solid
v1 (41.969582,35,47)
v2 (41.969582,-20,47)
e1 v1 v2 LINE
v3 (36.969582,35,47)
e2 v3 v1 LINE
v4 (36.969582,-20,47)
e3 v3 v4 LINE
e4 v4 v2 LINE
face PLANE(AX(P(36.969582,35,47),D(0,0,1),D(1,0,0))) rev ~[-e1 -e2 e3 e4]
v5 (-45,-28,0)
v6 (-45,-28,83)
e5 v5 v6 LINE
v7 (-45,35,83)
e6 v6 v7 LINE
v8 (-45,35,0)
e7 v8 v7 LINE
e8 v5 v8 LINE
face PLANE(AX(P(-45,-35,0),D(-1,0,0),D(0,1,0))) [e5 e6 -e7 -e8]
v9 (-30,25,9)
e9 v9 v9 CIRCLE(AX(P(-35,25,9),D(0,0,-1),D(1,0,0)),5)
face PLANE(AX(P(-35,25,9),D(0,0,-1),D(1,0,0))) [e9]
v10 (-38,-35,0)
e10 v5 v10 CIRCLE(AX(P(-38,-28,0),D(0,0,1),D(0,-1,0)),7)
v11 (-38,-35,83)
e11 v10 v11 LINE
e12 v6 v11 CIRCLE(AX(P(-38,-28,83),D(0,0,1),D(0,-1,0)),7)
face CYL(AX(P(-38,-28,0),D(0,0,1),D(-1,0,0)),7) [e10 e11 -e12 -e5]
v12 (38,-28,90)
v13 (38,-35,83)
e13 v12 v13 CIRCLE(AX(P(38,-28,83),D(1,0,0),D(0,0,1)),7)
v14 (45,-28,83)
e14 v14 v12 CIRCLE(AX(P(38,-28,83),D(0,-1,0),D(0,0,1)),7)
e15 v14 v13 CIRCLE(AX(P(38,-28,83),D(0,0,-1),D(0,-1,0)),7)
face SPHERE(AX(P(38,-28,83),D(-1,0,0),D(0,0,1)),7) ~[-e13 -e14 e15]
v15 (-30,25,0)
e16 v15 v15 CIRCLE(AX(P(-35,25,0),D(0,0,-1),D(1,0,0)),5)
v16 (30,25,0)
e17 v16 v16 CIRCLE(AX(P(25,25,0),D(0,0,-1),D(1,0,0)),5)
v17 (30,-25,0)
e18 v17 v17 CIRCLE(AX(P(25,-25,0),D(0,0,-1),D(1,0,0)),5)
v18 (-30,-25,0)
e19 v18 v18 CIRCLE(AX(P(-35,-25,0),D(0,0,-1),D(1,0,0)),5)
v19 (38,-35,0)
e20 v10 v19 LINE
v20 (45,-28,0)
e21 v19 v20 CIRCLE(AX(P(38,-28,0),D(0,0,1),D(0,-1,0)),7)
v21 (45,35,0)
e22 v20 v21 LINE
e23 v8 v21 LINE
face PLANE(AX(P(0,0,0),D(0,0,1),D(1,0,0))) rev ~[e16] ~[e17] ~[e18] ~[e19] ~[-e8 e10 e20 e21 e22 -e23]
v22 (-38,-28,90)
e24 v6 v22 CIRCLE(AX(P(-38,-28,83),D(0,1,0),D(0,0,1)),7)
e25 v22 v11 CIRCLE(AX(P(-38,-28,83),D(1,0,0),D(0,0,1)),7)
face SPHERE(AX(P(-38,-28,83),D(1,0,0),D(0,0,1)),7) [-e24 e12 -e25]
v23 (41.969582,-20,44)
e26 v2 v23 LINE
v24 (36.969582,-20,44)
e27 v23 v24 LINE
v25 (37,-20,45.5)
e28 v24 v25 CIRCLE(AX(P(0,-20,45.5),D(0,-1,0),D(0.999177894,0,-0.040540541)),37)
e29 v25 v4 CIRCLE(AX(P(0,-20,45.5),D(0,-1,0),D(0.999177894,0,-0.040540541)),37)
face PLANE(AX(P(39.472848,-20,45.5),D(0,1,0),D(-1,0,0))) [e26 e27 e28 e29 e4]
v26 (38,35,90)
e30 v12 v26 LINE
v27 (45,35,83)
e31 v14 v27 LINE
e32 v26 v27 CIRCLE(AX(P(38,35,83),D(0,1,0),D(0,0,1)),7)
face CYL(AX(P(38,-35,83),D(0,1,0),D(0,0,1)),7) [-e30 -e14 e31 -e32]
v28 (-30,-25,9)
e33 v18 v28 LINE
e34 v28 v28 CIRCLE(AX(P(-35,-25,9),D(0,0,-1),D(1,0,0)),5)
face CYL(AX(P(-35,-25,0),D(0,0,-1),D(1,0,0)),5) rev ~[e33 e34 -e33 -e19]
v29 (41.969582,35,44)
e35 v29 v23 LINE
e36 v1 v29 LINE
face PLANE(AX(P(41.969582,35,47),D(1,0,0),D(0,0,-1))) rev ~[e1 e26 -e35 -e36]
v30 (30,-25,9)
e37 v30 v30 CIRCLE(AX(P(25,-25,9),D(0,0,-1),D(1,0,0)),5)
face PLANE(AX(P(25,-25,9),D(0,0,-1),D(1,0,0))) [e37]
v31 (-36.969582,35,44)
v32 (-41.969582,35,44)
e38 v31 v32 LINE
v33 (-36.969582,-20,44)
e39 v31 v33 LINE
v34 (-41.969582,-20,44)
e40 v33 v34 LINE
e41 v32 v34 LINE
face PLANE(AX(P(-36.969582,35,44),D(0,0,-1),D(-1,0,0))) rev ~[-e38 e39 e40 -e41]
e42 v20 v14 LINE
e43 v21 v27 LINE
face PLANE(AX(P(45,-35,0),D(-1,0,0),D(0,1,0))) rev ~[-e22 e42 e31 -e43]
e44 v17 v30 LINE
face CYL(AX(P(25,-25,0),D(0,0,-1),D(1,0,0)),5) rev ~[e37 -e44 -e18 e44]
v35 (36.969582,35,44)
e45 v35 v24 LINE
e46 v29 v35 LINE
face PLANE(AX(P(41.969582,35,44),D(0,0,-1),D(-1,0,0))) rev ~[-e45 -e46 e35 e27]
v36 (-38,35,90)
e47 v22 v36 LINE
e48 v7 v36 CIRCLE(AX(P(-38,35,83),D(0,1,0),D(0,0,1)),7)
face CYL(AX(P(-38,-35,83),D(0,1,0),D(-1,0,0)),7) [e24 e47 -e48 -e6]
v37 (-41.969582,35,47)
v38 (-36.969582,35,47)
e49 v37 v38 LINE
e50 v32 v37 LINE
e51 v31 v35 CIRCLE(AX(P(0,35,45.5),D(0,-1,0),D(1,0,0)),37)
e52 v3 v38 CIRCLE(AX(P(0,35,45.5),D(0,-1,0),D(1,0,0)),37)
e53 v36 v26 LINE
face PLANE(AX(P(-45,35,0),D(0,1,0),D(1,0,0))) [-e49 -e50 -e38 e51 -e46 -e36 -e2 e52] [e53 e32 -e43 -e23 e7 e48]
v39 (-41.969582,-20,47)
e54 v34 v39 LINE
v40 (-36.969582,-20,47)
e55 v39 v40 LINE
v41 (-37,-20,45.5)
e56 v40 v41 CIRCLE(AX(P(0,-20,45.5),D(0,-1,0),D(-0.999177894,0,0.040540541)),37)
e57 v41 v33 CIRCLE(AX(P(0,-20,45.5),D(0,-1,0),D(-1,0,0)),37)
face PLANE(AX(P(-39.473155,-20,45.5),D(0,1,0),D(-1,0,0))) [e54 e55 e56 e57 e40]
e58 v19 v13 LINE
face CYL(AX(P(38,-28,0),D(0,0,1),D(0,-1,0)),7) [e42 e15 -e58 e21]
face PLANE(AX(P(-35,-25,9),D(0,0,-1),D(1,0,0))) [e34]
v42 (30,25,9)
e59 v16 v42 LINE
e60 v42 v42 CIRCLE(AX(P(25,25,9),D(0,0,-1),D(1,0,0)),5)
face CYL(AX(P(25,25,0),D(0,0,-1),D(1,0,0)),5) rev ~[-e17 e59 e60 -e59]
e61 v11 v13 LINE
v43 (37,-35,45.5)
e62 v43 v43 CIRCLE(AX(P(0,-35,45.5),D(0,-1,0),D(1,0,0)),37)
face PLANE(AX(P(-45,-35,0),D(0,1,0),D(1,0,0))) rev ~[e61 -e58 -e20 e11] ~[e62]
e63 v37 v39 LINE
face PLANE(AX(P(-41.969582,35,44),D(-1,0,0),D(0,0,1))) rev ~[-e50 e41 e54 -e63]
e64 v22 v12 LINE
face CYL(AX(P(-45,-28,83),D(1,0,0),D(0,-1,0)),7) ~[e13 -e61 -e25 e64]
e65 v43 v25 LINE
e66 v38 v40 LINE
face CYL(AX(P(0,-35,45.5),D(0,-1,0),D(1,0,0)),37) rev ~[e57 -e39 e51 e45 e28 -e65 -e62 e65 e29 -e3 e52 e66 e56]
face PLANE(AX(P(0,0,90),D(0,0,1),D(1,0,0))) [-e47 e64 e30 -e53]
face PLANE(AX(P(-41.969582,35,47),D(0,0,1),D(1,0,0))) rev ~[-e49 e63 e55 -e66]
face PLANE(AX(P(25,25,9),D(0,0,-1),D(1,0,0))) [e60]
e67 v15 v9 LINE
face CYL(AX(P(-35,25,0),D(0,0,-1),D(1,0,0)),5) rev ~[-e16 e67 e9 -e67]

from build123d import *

# Parameters (mm, degrees)
F0_W     = 90
F0_H     = 70
F1_DEPTH = 90
F2_R     = 37
F3_DEPTH = 70
F4_R     = 5
F5_DEPTH = 9
F6_R     = 7
F8_DEPTH = 55


with BuildPart() as f1:
    # F0 (on Top) → F1 (new body)
    with BuildSketch(Plane.XY):
        Rectangle(F0_W, F0_H)
    extrude(amount=F1_DEPTH)

    # F2 (on face) → F3 (cut)
    with BuildSketch(Plane.XZ.offset(35)):
        with Locations((0, 45.5)):
            Circle(F2_R)
    extrude(amount=-F3_DEPTH, mode=Mode.SUBTRACT)

    # F4 (on face) → F5 (cut)
    with BuildSketch(Plane(origin=(0, 0, 0), x_dir=(1, 0, 0), z_dir=(0, 0, -1))):
        with Locations((-35, 25)):
            Circle(F4_R)
        with Locations((-35, -25)):
            Circle(F4_R)
        with Locations((25, 25)):
            Circle(F4_R)
        with Locations((25, -25)):
            Circle(F4_R)
    extrude(amount=-F5_DEPTH, mode=Mode.SUBTRACT)

    # F6
    f6_edges = [f1.edges().sort_by_distance(p)[0] for p in [
        (0, -35, 90),
        (45, 0, 90),
        (-45, 0, 90),
        (45, -35, 45),
        (-45, -35, 45),
    ]]
    fillet(f6_edges, radius=F6_R)

    # F7 (on face) → F8 (cut)
    with BuildSketch(Plane(origin=(0, 35, 0), x_dir=(-1, 0, 0), z_dir=(0, 1, 0))):
        with BuildLine():
            ThreePointArc((-36.9695820912, 44), (-37, 45.5), (-36.9695820912, 47))
            Line((-36.9695820912, 47), (-41.9695820912, 47))
            Line((-41.9695820912, 47), (-41.9695820912, 45.5))
            Line((-41.9695820912, 45.5), (-41.9695820912, 44))
            Line((-41.9695820912, 44), (-36.9695820912, 44))
        make_face()
        with BuildLine():
            Line((41.9695820912, 47), (36.9695820912, 47))
            ThreePointArc((36.9695820912, 47), (36.9923947412, 46.2501541923), (37, 45.5))
            ThreePointArc((37, 45.5), (36.9923947412, 44.7498458077), (36.9695820912, 44))
            Line((36.9695820912, 44), (41.9695820912, 44))
            Line((41.9695820912, 44), (41.9695820912, 45.5))
            Line((41.9695820912, 45.5), (41.9695820912, 47))
        make_face()
    extrude(amount=-F8_DEPTH, mode=Mode.SUBTRACT)


solid = f1.part
